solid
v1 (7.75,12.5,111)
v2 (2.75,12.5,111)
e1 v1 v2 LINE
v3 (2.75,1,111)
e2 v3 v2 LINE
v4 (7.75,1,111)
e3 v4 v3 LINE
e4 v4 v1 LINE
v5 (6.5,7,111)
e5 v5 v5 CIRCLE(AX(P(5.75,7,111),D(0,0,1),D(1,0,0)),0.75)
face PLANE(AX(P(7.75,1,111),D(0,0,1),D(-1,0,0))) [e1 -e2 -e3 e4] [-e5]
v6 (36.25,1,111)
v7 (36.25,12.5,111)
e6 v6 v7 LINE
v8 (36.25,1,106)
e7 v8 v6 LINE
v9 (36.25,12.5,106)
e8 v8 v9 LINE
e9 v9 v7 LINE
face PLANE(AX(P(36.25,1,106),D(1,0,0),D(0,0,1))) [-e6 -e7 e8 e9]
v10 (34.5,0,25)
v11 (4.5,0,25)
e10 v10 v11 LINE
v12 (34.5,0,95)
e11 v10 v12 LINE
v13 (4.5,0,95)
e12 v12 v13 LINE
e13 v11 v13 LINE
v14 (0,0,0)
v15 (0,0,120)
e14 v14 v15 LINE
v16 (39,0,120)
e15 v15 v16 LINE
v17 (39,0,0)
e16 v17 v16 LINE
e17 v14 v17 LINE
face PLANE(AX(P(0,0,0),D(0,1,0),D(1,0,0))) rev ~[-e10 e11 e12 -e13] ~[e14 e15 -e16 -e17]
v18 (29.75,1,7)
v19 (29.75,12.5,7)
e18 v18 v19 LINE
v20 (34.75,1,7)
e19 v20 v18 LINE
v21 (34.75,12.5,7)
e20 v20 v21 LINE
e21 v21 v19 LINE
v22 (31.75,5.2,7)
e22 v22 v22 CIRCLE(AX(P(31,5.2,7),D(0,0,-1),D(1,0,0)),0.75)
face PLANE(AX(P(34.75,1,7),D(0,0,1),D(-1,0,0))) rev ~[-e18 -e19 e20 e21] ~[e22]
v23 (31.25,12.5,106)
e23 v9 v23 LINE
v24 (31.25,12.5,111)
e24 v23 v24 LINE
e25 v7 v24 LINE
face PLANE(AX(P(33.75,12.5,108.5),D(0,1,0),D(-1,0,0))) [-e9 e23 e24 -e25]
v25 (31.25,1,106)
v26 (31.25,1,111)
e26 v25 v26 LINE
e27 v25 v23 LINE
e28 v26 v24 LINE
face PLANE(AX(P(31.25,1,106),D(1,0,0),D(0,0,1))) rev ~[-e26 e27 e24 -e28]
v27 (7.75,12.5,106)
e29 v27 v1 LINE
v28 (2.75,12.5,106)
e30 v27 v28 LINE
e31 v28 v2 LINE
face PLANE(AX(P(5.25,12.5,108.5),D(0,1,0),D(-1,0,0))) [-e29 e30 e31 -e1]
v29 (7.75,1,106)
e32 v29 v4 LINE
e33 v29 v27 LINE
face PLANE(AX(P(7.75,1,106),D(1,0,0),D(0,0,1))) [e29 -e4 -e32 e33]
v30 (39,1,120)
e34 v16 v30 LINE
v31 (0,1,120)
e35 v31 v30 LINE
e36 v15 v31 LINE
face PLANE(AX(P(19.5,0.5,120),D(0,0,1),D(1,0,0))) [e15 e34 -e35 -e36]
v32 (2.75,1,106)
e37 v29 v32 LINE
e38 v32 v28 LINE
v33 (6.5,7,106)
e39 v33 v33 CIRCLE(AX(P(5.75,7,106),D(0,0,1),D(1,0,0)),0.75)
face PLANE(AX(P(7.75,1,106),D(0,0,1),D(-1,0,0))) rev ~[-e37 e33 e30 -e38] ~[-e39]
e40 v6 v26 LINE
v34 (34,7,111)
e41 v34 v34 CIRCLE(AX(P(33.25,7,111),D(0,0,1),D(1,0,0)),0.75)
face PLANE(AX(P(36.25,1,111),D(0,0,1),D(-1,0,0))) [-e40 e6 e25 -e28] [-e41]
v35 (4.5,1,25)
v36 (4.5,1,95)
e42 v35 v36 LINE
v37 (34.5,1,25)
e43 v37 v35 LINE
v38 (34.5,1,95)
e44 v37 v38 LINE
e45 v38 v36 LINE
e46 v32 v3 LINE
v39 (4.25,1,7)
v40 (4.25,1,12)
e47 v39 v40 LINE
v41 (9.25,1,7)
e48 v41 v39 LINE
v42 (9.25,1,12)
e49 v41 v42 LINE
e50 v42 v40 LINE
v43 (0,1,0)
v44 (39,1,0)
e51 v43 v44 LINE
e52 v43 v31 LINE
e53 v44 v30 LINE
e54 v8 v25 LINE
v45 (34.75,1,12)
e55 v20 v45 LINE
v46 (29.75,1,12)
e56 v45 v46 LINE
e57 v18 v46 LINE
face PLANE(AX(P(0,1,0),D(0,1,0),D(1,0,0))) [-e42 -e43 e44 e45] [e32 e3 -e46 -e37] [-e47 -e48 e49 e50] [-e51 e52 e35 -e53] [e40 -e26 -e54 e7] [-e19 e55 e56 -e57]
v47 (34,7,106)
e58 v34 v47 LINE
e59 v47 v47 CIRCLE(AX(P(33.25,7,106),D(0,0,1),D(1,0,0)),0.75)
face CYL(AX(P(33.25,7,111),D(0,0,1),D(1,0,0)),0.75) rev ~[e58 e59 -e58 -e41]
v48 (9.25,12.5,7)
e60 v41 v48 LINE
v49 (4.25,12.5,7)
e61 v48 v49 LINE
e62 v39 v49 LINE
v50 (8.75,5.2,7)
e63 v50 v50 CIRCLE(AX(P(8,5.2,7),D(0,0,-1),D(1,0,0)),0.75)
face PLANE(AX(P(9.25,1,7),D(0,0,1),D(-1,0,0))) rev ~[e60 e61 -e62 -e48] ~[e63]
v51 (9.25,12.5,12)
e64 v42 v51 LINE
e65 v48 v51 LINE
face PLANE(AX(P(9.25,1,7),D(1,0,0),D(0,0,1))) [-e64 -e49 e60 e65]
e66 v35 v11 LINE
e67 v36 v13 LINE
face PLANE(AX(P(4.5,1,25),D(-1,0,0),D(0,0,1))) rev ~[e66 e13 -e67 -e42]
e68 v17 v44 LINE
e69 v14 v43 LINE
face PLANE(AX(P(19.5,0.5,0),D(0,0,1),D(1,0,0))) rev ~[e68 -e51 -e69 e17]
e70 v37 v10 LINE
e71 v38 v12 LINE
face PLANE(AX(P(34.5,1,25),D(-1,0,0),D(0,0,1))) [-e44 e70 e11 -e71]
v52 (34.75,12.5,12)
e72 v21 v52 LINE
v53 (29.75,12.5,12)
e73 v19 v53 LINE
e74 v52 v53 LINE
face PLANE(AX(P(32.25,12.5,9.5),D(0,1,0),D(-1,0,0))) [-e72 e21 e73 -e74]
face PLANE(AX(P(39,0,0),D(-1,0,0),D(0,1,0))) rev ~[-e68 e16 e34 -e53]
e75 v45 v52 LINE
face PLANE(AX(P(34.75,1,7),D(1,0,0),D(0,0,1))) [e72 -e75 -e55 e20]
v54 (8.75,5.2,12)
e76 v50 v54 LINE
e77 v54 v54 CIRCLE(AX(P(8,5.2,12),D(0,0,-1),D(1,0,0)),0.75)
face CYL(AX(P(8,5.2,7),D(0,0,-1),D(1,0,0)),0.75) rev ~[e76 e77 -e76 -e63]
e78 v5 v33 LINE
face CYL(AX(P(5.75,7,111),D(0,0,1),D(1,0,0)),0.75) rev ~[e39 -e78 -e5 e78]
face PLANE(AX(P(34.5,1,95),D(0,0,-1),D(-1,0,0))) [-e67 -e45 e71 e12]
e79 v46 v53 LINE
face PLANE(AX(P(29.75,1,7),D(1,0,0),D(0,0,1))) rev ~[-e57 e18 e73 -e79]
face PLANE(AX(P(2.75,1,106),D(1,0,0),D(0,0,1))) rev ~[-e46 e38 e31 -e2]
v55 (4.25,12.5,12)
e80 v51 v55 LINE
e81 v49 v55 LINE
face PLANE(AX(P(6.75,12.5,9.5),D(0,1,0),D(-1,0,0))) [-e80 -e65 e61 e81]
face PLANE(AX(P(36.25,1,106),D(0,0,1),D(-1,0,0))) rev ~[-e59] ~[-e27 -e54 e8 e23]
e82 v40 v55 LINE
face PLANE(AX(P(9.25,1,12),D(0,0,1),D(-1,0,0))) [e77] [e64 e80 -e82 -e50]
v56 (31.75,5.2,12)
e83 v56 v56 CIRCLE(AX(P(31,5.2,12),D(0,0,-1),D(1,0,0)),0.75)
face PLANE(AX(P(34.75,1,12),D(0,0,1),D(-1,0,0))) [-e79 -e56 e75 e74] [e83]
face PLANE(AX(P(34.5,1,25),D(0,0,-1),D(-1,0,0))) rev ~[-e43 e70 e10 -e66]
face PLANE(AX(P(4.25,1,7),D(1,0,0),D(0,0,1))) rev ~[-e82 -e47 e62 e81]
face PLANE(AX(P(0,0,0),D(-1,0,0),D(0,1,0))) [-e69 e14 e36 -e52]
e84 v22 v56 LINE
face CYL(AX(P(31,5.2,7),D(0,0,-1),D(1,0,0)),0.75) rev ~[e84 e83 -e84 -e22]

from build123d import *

# Parameters (mm, degrees)
SKETCH_W        = 39
SKETCH_H        = 1
PAD_DEPTH       = 120
SKETCH001_W     = 5
SKETCH001_H     = 5
PAD001_DEPTH    = 11.5
SKETCH003_R     = 0.75
POCKET_DEPTH    = 5
SKETCH002_R     = 0.75
POCKET001_DEPTH = 5
SKETCH004_W     = 30
SKETCH004_H     = 70
POCKET002_DEPTH = 5


with BuildPart() as part:
    # Sketch → Pad (new body)
    with BuildSketch(Plane.XY):
        with Locations((19.5, 0.5)):
            Rectangle(SKETCH_W, SKETCH_H)
    extrude(amount=PAD_DEPTH)

    # Sketch001 → Pad001 (new body)
    with BuildSketch(Plane(origin=(0, 1, 0), x_dir=(-1, 0, 0), z_dir=(0, 1, 0))):
        with Locations((-33.75, 108.5)):
            Rectangle(SKETCH001_W, SKETCH001_H)
        with Locations((-5.25, 108.5)):
            Rectangle(SKETCH001_W, SKETCH001_H)
        with Locations((-32.25, 9.5)):
            Rectangle(SKETCH001_W, SKETCH001_H)
        with Locations((-6.75, 9.5)):
            Rectangle(SKETCH001_W, SKETCH001_H)
    extrude(amount=PAD001_DEPTH)

    # Sketch003 → Pocket (cut)
    with BuildSketch(Plane.XY.offset(111)):
        with Locations((5.75, 7)):
            Circle(SKETCH003_R)
        with Locations((33.25, 7)):
            Circle(SKETCH003_R)
    extrude(amount=-POCKET_DEPTH, mode=Mode.SUBTRACT)

    # Sketch002 → Pocket001 (cut)
    with BuildSketch(Plane(origin=(0, 0, 7), x_dir=(1, 0, 0), z_dir=(0, 0, -1))):
        with Locations((31, -5.2)):
            Circle(SKETCH002_R)
        with Locations((8, -5.2)):
            Circle(SKETCH002_R)
    extrude(amount=-POCKET001_DEPTH, mode=Mode.SUBTRACT)

    # Sketch004 → Pocket002 (cut)
    with BuildSketch(Plane(origin=(0, 1, 0), x_dir=(-1, 0, 0), z_dir=(0, 1, 0))):
        with Locations((-19.5, 60)):
            Rectangle(SKETCH004_W, SKETCH004_H)
    extrude(amount=-POCKET002_DEPTH, mode=Mode.SUBTRACT)


solid = part.part
